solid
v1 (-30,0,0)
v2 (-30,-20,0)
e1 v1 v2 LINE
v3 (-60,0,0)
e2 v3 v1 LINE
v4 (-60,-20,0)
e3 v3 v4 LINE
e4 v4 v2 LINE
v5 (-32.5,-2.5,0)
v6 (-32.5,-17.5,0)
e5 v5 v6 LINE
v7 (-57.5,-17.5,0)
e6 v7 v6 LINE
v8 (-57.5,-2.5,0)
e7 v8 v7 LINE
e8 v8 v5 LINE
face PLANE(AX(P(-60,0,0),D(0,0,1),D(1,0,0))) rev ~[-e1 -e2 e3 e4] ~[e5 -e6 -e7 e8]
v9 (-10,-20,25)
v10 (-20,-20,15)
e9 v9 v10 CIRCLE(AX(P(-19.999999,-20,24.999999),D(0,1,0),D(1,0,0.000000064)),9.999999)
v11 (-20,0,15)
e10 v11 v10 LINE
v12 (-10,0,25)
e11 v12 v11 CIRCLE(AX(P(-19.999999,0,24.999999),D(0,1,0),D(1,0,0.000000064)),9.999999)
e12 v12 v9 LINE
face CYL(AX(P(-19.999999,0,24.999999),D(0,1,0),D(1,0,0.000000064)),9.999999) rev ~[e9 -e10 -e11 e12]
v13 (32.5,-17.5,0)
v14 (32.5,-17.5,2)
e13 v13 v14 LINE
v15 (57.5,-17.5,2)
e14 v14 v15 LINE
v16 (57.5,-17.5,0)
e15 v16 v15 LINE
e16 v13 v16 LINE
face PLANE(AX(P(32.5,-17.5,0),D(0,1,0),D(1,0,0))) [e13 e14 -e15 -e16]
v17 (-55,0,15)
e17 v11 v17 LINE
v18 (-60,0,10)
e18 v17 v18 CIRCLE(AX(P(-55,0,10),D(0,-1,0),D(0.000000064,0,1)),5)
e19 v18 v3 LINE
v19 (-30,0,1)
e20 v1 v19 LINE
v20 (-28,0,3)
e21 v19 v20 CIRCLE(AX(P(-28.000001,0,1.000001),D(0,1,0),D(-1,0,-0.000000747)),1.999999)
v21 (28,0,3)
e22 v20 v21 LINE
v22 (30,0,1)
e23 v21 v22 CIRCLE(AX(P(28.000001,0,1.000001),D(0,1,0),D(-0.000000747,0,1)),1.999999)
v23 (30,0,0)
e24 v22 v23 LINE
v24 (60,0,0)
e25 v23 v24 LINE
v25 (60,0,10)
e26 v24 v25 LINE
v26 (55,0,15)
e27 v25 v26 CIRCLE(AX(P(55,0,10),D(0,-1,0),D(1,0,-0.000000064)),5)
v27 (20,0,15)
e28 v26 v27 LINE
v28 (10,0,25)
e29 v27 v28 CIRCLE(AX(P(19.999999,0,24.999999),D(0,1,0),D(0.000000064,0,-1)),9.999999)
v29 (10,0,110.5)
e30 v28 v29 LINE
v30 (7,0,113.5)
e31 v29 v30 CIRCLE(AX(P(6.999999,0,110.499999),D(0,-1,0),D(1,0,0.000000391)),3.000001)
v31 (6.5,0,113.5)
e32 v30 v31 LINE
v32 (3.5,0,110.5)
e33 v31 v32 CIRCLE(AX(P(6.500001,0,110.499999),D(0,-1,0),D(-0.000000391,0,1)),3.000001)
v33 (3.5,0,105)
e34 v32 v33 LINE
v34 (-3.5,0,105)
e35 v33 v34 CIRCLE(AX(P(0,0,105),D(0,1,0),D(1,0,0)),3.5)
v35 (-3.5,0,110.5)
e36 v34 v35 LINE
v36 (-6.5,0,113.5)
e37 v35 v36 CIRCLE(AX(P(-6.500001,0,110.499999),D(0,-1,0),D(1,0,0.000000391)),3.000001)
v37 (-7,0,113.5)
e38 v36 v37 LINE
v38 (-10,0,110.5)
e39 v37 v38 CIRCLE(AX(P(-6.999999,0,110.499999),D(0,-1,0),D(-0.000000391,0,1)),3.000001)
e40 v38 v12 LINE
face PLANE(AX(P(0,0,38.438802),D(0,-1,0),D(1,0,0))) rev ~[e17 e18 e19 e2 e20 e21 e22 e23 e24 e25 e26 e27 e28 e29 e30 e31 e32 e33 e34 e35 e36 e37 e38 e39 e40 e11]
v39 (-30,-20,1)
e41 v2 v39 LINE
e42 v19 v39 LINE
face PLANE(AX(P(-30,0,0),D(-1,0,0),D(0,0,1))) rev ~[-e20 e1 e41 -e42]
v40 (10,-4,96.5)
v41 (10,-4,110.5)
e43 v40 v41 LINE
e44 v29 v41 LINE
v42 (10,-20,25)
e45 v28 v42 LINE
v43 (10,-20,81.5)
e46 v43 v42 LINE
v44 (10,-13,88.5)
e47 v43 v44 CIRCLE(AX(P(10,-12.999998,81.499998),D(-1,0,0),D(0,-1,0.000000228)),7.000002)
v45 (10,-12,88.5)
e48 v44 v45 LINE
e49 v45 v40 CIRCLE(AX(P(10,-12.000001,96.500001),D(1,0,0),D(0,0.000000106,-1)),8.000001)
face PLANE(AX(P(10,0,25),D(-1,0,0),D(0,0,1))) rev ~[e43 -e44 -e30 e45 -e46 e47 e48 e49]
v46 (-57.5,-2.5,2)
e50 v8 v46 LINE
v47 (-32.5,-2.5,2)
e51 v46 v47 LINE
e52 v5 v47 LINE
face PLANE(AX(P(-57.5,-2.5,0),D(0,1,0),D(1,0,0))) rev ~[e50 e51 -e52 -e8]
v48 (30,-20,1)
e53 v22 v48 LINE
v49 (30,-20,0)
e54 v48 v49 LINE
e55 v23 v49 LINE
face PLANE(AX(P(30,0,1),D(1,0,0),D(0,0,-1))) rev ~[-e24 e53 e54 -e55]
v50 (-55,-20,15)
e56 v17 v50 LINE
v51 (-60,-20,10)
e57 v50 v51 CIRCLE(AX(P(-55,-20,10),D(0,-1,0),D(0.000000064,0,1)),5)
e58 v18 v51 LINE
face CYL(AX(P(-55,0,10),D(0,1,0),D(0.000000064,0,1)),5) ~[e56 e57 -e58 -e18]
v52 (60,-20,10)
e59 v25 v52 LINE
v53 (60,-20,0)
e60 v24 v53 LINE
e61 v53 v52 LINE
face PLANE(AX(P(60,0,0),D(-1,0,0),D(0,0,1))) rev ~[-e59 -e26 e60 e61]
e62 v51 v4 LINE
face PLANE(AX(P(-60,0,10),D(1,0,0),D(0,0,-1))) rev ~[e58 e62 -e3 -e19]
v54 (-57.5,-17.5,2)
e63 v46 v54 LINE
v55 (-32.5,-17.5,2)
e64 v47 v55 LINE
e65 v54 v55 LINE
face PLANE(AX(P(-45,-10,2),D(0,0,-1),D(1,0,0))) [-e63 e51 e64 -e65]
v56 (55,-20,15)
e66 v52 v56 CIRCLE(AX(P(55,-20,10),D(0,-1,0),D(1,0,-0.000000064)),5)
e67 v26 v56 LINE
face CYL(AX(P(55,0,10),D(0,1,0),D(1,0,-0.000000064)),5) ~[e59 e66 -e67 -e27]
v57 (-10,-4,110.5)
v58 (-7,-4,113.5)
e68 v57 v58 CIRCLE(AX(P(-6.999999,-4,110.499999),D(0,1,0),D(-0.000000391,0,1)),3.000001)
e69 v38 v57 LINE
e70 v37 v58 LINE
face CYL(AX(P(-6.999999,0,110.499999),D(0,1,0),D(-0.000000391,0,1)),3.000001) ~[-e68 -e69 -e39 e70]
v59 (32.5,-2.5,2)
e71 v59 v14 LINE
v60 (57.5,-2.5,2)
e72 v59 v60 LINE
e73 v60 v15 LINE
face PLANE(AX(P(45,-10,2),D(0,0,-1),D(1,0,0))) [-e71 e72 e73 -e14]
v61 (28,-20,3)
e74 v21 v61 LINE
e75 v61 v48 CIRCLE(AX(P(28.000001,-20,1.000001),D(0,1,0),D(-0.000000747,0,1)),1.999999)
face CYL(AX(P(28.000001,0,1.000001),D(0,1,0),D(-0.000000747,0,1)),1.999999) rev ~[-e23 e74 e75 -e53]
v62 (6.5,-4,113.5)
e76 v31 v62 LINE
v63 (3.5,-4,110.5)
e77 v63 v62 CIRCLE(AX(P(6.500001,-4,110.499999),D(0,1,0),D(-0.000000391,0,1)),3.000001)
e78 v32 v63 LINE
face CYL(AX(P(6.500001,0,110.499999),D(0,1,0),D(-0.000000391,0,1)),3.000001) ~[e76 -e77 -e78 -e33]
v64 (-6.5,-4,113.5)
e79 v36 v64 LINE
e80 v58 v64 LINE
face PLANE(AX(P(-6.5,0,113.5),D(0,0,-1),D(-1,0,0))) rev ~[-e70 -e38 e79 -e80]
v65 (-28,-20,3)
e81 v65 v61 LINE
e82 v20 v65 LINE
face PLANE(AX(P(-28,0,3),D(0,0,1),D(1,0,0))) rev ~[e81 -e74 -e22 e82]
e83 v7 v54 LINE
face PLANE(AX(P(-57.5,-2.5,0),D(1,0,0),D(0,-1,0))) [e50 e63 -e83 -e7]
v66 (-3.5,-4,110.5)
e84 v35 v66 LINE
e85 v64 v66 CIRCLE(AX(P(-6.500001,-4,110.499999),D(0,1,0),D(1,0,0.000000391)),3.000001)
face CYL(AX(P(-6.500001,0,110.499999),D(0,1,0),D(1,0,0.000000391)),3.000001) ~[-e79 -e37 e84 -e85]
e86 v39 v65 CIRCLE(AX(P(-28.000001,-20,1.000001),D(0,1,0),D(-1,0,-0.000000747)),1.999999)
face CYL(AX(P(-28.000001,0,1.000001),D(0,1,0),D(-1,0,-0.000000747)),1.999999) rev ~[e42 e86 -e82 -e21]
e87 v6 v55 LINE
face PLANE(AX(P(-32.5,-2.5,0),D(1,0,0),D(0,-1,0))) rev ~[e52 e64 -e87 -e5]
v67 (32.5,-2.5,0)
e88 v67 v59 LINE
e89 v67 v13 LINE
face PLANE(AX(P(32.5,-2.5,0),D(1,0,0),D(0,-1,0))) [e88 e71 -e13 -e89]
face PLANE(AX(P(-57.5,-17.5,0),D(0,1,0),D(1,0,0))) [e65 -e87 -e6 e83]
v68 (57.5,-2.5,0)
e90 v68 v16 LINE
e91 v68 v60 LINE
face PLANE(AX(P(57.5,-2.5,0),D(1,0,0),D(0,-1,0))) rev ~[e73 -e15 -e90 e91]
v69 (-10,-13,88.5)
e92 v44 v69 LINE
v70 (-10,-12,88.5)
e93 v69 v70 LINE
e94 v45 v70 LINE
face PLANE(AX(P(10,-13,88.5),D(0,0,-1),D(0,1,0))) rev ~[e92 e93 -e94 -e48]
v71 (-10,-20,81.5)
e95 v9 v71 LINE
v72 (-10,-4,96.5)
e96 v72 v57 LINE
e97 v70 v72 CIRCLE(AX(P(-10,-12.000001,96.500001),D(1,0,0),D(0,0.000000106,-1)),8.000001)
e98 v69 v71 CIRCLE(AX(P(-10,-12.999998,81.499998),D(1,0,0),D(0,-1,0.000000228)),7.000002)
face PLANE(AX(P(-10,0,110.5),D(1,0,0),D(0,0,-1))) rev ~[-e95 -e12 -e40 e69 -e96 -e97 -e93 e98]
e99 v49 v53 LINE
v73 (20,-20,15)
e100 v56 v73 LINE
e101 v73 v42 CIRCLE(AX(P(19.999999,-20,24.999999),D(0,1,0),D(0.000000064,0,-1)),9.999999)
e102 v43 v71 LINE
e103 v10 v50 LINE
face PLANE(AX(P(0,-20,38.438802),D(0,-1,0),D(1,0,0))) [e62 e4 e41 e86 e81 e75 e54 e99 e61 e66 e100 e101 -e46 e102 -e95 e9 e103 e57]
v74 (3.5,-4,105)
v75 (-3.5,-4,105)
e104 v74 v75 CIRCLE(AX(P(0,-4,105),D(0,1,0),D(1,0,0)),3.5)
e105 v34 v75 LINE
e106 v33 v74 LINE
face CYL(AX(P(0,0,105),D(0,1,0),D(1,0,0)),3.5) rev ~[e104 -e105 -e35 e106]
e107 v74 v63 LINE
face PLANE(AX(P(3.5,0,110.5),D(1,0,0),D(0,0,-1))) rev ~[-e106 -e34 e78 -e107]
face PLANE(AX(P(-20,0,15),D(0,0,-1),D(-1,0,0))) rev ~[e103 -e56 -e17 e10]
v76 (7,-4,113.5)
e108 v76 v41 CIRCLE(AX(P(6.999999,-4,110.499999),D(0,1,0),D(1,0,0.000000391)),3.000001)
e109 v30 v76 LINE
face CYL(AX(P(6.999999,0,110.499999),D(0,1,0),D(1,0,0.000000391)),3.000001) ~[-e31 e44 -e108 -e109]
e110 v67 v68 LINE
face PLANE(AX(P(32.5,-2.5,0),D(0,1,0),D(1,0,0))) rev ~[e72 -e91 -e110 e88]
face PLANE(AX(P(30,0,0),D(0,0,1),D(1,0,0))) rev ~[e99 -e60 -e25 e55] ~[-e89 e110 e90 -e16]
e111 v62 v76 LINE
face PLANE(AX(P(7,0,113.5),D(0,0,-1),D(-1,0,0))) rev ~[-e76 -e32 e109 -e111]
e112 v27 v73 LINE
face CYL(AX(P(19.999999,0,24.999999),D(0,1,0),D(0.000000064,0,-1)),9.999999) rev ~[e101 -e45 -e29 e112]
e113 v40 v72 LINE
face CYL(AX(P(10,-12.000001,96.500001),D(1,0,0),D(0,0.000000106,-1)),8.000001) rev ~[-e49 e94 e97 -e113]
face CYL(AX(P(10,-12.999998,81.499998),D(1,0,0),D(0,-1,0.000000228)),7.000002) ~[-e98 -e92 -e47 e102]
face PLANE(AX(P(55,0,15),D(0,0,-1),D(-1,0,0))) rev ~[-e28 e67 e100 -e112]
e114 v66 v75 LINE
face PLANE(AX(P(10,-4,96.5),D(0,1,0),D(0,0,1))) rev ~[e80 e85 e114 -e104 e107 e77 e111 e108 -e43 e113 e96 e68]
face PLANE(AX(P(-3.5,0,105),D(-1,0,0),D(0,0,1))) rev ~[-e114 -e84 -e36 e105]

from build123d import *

# Parameters (mm, degrees)
F1_DEPTH = 20
F3_DEPTH = 25
F4_W     = 25
F4_H     = 15
F5_DEPTH = 2


with BuildPart() as f1:
    # F0 (on Front) → F1 (new body)
    with BuildSketch(Plane.XZ):
        with BuildLine():
            ThreePointArc((3.5, 105), (0, 101.5), (-3.5, 105))
            Line((-3.5, 105), (-3.5, 110.5))
            ThreePointArc((-3.5, 110.5), (-4.37868, 112.62132), (-6.5, 113.5))
            Line((-6.5, 113.5), (-7, 113.5))
            ThreePointArc((-7, 113.5), (-9.12132, 112.62132), (-10, 110.5))
            Line((-10, 110.5), (-10, 25))
            ThreePointArc((-10, 25), (-12.928932, 17.928932), (-20, 15))
            Line((-20, 15), (-55, 15))
            ThreePointArc((-55, 15), (-58.535534, 13.535534), (-60, 10))
            Line((-60, 10), (-60, 0))
            Line((-60, 0), (-30, 0))
            Line((-30, 0), (-30, 1))
            ThreePointArc((-30, 1), (-29.414214, 2.414214), (-28, 3))
            Line((-28, 3), (28, 3))
            ThreePointArc((28, 3), (29.414214, 2.414214), (30, 1))
            Line((30, 1), (30, 0))
            Line((30, 0), (60, 0))
            Line((60, 0), (60, 10))
            ThreePointArc((60, 10), (58.535534, 13.535534), (55, 15))
            Line((55, 15), (20, 15))
            ThreePointArc((20, 15), (12.928932, 17.928932), (10, 25))
            Line((10, 25), (10, 110.5))
            ThreePointArc((10, 110.5), (9.12132, 112.62132), (7, 113.5))
            Line((7, 113.5), (6.5, 113.5))
            ThreePointArc((6.5, 113.5), (4.37868, 112.62132), (3.5, 110.5))
            Line((3.5, 110.5), (3.5, 105))
        make_face()
    extrude(amount=F1_DEPTH)

    # F2 (on face) → F3 (cut)
    with BuildSketch(Plane.YZ.offset(10)):
        Polygon((-4, 110.5), (-4, 116.603597), (-20, 116.603597), (-25.165081, 116.603597), (-25.165081, 79.442367), (-20, 79.442367), (-20, 81.5), (-20, 110.5), align=None)
        with BuildLine():
            Line((-4, 96.5), (-4, 110.5))
            Line((-4, 110.5), (-20, 110.5))
            Line((-20, 110.5), (-20, 81.5))
            ThreePointArc((-20, 81.5), (-17.949747, 86.449747), (-13, 88.5))
            Line((-13, 88.5), (-12, 88.5))
            ThreePointArc((-12, 88.5), (-6.343146, 90.843146), (-4, 96.5))
        make_face()
    extrude(amount=-F3_DEPTH, mode=Mode.SUBTRACT)

    # F4 (on face) → F5 (cut)
    with BuildSketch(Plane(origin=(0, 0, 0), x_dir=(1, 0, 0), z_dir=(0, 0, -1))):
        with Locations((-45, 10)):
            Rectangle(F4_W, F4_H)
        with Locations((45, 10)):
            Rectangle(F4_W, F4_H)
    extrude(amount=-F5_DEPTH, mode=Mode.SUBTRACT)


solid = f1.part
